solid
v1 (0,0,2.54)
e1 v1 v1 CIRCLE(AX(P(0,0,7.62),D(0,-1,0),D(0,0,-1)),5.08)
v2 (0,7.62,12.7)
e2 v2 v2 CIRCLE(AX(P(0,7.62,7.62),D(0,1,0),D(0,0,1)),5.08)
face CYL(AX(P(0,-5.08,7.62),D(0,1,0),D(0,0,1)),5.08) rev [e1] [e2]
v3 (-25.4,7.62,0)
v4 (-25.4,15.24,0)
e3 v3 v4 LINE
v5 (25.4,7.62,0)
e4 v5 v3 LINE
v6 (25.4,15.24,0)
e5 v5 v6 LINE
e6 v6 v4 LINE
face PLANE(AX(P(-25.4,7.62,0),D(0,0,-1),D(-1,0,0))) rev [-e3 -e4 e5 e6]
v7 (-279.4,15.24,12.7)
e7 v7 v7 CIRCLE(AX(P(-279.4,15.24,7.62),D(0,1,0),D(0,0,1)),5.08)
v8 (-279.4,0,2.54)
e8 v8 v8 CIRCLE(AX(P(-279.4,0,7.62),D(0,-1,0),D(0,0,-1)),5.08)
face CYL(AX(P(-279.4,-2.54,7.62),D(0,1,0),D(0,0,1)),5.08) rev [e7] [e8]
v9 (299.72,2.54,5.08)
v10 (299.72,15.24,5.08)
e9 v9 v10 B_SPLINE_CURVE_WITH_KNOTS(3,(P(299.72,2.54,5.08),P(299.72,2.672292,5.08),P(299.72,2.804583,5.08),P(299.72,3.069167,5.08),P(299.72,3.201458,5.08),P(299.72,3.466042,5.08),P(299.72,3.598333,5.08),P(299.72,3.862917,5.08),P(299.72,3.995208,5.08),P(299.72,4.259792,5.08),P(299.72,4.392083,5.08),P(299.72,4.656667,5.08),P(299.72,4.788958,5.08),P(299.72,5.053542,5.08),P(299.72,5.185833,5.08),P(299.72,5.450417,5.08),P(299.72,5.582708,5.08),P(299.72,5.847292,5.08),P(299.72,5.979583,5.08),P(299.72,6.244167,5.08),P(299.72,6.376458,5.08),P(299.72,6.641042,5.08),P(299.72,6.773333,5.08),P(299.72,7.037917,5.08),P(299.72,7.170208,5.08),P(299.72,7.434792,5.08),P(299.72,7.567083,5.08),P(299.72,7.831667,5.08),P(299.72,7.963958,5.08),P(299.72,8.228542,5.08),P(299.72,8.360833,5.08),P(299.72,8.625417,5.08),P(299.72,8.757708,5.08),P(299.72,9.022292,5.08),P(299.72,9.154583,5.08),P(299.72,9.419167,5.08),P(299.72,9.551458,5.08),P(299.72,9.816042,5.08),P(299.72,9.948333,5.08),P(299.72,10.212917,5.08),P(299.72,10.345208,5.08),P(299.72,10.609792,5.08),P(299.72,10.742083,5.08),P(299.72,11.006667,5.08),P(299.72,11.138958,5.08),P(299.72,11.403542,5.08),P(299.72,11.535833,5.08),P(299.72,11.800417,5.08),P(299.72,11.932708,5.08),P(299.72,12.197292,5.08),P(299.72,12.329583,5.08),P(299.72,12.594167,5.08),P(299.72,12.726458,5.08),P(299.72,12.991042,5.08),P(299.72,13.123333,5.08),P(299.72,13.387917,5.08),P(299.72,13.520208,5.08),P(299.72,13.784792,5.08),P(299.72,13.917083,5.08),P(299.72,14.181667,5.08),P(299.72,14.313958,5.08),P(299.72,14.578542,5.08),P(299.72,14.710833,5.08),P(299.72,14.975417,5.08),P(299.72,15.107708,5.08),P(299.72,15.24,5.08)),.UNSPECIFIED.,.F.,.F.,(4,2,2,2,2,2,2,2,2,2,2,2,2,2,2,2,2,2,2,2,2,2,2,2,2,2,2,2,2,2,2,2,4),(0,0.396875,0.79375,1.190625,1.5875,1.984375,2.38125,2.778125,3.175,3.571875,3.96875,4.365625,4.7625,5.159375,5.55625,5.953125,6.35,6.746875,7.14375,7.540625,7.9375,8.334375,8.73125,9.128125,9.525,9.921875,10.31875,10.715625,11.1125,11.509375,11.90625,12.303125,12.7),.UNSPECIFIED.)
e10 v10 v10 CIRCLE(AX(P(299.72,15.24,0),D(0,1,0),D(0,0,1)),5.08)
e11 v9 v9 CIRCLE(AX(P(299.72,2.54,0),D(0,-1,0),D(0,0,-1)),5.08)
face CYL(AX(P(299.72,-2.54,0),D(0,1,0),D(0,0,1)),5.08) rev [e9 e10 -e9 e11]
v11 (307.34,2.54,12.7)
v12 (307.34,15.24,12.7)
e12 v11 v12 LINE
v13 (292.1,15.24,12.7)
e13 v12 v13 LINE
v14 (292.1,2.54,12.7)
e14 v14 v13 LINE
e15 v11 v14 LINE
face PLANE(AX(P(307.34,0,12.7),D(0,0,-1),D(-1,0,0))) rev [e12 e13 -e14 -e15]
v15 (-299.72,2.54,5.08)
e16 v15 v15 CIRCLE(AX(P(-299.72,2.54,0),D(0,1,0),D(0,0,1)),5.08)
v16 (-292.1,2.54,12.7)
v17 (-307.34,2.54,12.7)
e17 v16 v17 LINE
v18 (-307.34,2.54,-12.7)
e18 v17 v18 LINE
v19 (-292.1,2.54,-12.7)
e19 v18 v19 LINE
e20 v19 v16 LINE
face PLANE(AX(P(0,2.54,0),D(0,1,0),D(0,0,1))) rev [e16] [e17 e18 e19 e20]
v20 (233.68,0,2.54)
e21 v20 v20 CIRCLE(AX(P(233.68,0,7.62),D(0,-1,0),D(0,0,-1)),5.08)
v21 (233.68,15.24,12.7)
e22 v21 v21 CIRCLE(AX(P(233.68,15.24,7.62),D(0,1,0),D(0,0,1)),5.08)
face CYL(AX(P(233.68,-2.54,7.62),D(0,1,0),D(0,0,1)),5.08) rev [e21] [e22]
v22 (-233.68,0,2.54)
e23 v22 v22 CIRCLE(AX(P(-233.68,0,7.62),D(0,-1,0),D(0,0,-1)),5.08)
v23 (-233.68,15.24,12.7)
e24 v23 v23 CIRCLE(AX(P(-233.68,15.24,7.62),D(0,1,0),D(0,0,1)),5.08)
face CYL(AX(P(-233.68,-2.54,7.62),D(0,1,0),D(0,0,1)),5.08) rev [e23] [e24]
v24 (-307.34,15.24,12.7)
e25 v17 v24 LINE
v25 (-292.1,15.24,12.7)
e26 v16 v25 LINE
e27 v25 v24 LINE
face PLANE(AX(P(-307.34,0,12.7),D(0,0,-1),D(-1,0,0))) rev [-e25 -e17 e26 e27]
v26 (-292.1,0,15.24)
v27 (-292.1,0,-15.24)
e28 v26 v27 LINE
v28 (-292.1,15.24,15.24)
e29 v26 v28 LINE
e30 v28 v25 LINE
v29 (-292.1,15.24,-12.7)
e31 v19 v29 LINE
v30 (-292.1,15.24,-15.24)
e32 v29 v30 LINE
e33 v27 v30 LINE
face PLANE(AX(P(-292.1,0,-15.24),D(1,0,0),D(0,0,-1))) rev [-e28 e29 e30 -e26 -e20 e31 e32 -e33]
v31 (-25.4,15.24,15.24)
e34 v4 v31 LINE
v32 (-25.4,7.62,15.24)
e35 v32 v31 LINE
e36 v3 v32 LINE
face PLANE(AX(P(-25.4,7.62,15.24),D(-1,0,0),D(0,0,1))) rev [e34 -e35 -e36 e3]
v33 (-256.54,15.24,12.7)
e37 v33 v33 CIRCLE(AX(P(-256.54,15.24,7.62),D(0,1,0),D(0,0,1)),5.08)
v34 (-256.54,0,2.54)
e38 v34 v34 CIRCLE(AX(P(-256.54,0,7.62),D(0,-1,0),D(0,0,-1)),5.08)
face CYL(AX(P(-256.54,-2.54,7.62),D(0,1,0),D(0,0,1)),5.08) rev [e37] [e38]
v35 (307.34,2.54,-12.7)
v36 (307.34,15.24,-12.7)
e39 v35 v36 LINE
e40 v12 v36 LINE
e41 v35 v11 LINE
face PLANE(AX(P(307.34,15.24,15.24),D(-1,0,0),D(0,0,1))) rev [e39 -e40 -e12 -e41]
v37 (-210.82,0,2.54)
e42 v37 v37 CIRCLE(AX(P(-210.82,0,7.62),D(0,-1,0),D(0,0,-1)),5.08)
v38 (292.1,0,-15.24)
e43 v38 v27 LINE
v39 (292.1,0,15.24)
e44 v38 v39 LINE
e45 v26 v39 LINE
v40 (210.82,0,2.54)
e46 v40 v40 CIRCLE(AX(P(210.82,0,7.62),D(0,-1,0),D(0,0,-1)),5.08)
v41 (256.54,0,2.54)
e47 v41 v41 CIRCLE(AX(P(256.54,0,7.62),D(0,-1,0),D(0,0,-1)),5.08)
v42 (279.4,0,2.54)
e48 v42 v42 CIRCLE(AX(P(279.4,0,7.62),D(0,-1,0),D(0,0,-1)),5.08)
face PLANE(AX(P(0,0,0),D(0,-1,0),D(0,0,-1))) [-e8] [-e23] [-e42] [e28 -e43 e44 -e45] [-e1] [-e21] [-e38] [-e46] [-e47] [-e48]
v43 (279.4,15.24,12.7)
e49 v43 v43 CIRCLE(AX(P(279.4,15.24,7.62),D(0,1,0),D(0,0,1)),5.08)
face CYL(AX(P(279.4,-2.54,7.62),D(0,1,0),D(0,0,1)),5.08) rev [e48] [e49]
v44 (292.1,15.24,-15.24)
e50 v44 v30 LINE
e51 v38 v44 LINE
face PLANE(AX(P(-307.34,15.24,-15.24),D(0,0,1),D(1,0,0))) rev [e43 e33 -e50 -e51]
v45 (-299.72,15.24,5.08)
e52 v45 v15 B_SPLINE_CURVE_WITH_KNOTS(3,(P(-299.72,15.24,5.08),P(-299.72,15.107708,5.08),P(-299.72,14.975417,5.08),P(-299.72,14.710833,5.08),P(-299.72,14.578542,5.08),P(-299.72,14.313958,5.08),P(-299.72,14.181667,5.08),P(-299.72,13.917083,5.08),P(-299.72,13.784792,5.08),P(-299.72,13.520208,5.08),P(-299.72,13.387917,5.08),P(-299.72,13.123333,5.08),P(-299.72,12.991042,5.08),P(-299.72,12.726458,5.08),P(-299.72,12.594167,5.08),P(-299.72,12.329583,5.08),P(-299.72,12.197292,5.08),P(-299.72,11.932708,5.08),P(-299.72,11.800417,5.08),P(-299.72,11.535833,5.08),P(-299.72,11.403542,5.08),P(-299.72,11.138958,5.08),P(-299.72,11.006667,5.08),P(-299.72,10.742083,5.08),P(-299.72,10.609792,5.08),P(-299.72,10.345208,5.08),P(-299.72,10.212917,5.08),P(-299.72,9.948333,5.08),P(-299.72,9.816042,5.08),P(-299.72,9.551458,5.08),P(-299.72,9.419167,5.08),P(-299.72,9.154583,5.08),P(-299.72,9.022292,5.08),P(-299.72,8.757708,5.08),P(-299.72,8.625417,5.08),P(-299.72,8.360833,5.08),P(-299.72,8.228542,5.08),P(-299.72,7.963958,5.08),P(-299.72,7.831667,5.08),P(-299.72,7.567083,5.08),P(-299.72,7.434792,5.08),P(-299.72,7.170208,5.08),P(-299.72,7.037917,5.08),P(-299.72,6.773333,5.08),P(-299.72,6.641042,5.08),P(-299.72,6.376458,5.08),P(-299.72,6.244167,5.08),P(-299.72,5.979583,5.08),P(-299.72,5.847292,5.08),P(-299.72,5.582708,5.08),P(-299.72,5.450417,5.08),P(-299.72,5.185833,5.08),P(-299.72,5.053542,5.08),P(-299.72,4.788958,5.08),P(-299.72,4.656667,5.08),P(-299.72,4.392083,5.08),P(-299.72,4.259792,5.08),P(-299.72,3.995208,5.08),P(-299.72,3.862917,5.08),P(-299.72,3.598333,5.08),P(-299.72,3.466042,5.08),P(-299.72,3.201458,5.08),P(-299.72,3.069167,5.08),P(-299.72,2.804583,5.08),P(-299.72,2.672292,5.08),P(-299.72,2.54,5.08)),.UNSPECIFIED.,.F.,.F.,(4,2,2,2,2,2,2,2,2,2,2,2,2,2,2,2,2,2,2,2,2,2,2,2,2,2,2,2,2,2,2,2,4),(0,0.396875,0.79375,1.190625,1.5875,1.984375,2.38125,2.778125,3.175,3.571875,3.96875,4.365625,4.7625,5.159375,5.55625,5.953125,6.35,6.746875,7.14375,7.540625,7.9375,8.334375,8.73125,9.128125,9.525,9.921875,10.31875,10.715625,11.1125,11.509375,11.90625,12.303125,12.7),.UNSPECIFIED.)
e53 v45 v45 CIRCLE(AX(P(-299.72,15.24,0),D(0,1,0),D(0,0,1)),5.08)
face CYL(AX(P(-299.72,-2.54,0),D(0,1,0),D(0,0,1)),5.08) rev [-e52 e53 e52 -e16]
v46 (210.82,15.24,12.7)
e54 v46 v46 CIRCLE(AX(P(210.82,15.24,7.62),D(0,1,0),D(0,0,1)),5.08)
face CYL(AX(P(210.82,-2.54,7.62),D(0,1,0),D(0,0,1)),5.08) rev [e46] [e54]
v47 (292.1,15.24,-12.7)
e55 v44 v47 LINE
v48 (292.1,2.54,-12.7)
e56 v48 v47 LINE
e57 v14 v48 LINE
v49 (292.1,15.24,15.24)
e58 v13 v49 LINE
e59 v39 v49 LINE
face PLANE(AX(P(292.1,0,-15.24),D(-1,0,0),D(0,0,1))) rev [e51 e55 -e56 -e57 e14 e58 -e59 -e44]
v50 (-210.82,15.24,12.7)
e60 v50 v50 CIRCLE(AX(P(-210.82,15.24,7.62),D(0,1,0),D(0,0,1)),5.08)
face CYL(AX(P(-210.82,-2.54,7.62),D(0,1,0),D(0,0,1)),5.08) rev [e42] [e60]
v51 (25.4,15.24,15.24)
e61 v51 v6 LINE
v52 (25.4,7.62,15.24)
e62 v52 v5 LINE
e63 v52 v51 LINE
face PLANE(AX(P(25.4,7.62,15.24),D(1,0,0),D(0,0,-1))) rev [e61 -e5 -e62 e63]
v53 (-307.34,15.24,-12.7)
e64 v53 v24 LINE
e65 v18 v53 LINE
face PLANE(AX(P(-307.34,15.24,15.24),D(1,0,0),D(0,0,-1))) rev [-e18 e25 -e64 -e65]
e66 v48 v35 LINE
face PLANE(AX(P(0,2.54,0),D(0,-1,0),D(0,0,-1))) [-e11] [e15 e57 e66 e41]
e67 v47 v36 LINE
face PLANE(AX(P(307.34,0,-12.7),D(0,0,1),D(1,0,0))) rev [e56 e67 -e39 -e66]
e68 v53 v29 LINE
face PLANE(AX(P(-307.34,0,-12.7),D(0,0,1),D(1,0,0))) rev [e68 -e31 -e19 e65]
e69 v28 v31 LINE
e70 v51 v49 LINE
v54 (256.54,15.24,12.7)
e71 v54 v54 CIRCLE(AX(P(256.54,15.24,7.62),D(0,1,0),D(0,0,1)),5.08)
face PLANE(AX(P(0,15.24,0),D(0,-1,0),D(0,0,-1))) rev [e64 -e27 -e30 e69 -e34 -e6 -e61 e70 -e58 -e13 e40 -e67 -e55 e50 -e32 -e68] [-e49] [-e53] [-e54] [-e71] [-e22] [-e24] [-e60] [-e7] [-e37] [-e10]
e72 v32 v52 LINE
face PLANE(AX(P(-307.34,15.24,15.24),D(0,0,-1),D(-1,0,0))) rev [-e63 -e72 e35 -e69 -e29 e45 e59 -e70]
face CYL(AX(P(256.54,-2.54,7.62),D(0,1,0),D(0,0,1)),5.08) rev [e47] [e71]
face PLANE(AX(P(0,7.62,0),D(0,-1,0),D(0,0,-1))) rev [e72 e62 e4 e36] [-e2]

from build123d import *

# Parameters (mm, degrees)
SKETCH1_W           = 614.68
SKETCH1_H           = 30.48
BOSS_EXTRUDE1_DEPTH = 15.24
SKETCH2_W           = 15.24
SKETCH2_H           = 2.54
CUT_EXTRUDE1_DEPTH  = 15.24
SKETCH3_W           = 15.24
SKETCH3_H           = 25.4
CUT_EXTRUDE2_DEPTH  = 2.54
SKETCH4_R           = 5.08
CUT_EXTRUDE3_DEPTH  = 17.78
SKETCH5_W           = 50.8
SKETCH5_H           = 15.24
CUT_EXTRUDE4_DEPTH  = 7.62
SKETCH6_R           = 5.08
CUT_EXTRUDE5_DEPTH  = 12.7
SKETCH7_R           = 5.08
CUT_EXTRUDE6_DEPTH  = 17.78


with BuildPart() as part:
    # Sketch1 → Boss-Extrude1 (new body)
    with BuildSketch(Plane(origin=(0, 0, 0), x_dir=(1, 0, 0), z_dir=(0, 1, 0))):
        Rectangle(SKETCH1_W, SKETCH1_H)
    extrude(amount=BOSS_EXTRUDE1_DEPTH)

    # Sketch2 → Cut-Extrude1 (cut)
    with BuildSketch(Plane(origin=(0, 15.24, 0), x_dir=(1, 0, 0), z_dir=(0, 1, 0))):
        with Locations((-299.72, 13.97)):
            Rectangle(SKETCH2_W, SKETCH2_H)
        with Locations((-299.72, -13.97)):
            Rectangle(SKETCH2_W, SKETCH2_H)
        with Locations((299.72, 13.97)):
            Rectangle(SKETCH2_W, SKETCH2_H)
        with Locations((299.72, -13.97)):
            Rectangle(SKETCH2_W, SKETCH2_H)
    extrude(amount=-CUT_EXTRUDE1_DEPTH, mode=Mode.SUBTRACT)

    # Sketch3 → Cut-Extrude2 (cut)
    with BuildSketch(Plane.XZ):
        with Locations((299.72, 0)):
            Rectangle(SKETCH3_W, SKETCH3_H)
        with Locations((-299.72, 0)):
            Rectangle(SKETCH3_W, SKETCH3_H)
    extrude(amount=-CUT_EXTRUDE2_DEPTH, mode=Mode.SUBTRACT)

    # Sketch4 → Cut-Extrude3 (cut)
    with BuildSketch(Plane(origin=(0, 15.24, 0), x_dir=(1, 0, 0), z_dir=(0, 1, 0))):
        with Locations(Location((-299.72, 0, 0), (0, 0, 270))):
            Circle(SKETCH4_R)
        with Locations(Location((299.72, 0, 0), (0, 0, 270))):
            Circle(SKETCH4_R)
    extrude(amount=-CUT_EXTRUDE3_DEPTH, mode=Mode.SUBTRACT)

    # Sketch5 → Cut-Extrude4 (cut)
    with BuildSketch(Plane(origin=(0, 15.24, 0), x_dir=(1, 0, 0), z_dir=(0, 1, 0))):
        with Locations((0, -7.62)):
            Rectangle(SKETCH5_W, SKETCH5_H)
    extrude(amount=-CUT_EXTRUDE4_DEPTH, mode=Mode.SUBTRACT)

    # Sketch6 → Cut-Extrude5 (cut)
    with BuildSketch(Plane(origin=(0, 7.62, 0), x_dir=(1, 0, 0), z_dir=(0, 1, 0))):
        with Locations(Location((0, -7.62, 0), (0, 0, 270))):
            Circle(SKETCH6_R)
    extrude(amount=-CUT_EXTRUDE5_DEPTH, mode=Mode.SUBTRACT)

    # Sketch7 → Cut-Extrude6 (cut)
    with BuildSketch(Plane(origin=(0, 15.24, 0), x_dir=(1, 0, 0), z_dir=(0, 1, 0))):
        with Locations(Location((-279.4, -7.62, 0), (0, 0, 270))):
            Circle(SKETCH7_R)
        with Locations(Location((-256.54, -7.62, 0), (0, 0, 270))):
            Circle(SKETCH7_R)
        with Locations(Location((-233.68, -7.62, 0), (0, 0, 270))):
            Circle(SKETCH7_R)
        with Locations(Location((-210.82, -7.62, 0), (0, 0, 270))):
            Circle(SKETCH7_R)
        with Locations(Location((279.4, -7.62, 0), (0, 0, 270))):
            Circle(SKETCH7_R)
        with Locations(Location((256.54, -7.62, 0), (0, 0, 270))):
            Circle(SKETCH7_R)
        with Locations(Location((233.68, -7.62, 0), (0, 0, 270))):
            Circle(SKETCH7_R)
        with Locations(Location((210.82, -7.62, 0), (0, 0, 270))):
            Circle(SKETCH7_R)
    extrude(amount=-CUT_EXTRUDE6_DEPTH, mode=Mode.SUBTRACT)


solid = part.part
